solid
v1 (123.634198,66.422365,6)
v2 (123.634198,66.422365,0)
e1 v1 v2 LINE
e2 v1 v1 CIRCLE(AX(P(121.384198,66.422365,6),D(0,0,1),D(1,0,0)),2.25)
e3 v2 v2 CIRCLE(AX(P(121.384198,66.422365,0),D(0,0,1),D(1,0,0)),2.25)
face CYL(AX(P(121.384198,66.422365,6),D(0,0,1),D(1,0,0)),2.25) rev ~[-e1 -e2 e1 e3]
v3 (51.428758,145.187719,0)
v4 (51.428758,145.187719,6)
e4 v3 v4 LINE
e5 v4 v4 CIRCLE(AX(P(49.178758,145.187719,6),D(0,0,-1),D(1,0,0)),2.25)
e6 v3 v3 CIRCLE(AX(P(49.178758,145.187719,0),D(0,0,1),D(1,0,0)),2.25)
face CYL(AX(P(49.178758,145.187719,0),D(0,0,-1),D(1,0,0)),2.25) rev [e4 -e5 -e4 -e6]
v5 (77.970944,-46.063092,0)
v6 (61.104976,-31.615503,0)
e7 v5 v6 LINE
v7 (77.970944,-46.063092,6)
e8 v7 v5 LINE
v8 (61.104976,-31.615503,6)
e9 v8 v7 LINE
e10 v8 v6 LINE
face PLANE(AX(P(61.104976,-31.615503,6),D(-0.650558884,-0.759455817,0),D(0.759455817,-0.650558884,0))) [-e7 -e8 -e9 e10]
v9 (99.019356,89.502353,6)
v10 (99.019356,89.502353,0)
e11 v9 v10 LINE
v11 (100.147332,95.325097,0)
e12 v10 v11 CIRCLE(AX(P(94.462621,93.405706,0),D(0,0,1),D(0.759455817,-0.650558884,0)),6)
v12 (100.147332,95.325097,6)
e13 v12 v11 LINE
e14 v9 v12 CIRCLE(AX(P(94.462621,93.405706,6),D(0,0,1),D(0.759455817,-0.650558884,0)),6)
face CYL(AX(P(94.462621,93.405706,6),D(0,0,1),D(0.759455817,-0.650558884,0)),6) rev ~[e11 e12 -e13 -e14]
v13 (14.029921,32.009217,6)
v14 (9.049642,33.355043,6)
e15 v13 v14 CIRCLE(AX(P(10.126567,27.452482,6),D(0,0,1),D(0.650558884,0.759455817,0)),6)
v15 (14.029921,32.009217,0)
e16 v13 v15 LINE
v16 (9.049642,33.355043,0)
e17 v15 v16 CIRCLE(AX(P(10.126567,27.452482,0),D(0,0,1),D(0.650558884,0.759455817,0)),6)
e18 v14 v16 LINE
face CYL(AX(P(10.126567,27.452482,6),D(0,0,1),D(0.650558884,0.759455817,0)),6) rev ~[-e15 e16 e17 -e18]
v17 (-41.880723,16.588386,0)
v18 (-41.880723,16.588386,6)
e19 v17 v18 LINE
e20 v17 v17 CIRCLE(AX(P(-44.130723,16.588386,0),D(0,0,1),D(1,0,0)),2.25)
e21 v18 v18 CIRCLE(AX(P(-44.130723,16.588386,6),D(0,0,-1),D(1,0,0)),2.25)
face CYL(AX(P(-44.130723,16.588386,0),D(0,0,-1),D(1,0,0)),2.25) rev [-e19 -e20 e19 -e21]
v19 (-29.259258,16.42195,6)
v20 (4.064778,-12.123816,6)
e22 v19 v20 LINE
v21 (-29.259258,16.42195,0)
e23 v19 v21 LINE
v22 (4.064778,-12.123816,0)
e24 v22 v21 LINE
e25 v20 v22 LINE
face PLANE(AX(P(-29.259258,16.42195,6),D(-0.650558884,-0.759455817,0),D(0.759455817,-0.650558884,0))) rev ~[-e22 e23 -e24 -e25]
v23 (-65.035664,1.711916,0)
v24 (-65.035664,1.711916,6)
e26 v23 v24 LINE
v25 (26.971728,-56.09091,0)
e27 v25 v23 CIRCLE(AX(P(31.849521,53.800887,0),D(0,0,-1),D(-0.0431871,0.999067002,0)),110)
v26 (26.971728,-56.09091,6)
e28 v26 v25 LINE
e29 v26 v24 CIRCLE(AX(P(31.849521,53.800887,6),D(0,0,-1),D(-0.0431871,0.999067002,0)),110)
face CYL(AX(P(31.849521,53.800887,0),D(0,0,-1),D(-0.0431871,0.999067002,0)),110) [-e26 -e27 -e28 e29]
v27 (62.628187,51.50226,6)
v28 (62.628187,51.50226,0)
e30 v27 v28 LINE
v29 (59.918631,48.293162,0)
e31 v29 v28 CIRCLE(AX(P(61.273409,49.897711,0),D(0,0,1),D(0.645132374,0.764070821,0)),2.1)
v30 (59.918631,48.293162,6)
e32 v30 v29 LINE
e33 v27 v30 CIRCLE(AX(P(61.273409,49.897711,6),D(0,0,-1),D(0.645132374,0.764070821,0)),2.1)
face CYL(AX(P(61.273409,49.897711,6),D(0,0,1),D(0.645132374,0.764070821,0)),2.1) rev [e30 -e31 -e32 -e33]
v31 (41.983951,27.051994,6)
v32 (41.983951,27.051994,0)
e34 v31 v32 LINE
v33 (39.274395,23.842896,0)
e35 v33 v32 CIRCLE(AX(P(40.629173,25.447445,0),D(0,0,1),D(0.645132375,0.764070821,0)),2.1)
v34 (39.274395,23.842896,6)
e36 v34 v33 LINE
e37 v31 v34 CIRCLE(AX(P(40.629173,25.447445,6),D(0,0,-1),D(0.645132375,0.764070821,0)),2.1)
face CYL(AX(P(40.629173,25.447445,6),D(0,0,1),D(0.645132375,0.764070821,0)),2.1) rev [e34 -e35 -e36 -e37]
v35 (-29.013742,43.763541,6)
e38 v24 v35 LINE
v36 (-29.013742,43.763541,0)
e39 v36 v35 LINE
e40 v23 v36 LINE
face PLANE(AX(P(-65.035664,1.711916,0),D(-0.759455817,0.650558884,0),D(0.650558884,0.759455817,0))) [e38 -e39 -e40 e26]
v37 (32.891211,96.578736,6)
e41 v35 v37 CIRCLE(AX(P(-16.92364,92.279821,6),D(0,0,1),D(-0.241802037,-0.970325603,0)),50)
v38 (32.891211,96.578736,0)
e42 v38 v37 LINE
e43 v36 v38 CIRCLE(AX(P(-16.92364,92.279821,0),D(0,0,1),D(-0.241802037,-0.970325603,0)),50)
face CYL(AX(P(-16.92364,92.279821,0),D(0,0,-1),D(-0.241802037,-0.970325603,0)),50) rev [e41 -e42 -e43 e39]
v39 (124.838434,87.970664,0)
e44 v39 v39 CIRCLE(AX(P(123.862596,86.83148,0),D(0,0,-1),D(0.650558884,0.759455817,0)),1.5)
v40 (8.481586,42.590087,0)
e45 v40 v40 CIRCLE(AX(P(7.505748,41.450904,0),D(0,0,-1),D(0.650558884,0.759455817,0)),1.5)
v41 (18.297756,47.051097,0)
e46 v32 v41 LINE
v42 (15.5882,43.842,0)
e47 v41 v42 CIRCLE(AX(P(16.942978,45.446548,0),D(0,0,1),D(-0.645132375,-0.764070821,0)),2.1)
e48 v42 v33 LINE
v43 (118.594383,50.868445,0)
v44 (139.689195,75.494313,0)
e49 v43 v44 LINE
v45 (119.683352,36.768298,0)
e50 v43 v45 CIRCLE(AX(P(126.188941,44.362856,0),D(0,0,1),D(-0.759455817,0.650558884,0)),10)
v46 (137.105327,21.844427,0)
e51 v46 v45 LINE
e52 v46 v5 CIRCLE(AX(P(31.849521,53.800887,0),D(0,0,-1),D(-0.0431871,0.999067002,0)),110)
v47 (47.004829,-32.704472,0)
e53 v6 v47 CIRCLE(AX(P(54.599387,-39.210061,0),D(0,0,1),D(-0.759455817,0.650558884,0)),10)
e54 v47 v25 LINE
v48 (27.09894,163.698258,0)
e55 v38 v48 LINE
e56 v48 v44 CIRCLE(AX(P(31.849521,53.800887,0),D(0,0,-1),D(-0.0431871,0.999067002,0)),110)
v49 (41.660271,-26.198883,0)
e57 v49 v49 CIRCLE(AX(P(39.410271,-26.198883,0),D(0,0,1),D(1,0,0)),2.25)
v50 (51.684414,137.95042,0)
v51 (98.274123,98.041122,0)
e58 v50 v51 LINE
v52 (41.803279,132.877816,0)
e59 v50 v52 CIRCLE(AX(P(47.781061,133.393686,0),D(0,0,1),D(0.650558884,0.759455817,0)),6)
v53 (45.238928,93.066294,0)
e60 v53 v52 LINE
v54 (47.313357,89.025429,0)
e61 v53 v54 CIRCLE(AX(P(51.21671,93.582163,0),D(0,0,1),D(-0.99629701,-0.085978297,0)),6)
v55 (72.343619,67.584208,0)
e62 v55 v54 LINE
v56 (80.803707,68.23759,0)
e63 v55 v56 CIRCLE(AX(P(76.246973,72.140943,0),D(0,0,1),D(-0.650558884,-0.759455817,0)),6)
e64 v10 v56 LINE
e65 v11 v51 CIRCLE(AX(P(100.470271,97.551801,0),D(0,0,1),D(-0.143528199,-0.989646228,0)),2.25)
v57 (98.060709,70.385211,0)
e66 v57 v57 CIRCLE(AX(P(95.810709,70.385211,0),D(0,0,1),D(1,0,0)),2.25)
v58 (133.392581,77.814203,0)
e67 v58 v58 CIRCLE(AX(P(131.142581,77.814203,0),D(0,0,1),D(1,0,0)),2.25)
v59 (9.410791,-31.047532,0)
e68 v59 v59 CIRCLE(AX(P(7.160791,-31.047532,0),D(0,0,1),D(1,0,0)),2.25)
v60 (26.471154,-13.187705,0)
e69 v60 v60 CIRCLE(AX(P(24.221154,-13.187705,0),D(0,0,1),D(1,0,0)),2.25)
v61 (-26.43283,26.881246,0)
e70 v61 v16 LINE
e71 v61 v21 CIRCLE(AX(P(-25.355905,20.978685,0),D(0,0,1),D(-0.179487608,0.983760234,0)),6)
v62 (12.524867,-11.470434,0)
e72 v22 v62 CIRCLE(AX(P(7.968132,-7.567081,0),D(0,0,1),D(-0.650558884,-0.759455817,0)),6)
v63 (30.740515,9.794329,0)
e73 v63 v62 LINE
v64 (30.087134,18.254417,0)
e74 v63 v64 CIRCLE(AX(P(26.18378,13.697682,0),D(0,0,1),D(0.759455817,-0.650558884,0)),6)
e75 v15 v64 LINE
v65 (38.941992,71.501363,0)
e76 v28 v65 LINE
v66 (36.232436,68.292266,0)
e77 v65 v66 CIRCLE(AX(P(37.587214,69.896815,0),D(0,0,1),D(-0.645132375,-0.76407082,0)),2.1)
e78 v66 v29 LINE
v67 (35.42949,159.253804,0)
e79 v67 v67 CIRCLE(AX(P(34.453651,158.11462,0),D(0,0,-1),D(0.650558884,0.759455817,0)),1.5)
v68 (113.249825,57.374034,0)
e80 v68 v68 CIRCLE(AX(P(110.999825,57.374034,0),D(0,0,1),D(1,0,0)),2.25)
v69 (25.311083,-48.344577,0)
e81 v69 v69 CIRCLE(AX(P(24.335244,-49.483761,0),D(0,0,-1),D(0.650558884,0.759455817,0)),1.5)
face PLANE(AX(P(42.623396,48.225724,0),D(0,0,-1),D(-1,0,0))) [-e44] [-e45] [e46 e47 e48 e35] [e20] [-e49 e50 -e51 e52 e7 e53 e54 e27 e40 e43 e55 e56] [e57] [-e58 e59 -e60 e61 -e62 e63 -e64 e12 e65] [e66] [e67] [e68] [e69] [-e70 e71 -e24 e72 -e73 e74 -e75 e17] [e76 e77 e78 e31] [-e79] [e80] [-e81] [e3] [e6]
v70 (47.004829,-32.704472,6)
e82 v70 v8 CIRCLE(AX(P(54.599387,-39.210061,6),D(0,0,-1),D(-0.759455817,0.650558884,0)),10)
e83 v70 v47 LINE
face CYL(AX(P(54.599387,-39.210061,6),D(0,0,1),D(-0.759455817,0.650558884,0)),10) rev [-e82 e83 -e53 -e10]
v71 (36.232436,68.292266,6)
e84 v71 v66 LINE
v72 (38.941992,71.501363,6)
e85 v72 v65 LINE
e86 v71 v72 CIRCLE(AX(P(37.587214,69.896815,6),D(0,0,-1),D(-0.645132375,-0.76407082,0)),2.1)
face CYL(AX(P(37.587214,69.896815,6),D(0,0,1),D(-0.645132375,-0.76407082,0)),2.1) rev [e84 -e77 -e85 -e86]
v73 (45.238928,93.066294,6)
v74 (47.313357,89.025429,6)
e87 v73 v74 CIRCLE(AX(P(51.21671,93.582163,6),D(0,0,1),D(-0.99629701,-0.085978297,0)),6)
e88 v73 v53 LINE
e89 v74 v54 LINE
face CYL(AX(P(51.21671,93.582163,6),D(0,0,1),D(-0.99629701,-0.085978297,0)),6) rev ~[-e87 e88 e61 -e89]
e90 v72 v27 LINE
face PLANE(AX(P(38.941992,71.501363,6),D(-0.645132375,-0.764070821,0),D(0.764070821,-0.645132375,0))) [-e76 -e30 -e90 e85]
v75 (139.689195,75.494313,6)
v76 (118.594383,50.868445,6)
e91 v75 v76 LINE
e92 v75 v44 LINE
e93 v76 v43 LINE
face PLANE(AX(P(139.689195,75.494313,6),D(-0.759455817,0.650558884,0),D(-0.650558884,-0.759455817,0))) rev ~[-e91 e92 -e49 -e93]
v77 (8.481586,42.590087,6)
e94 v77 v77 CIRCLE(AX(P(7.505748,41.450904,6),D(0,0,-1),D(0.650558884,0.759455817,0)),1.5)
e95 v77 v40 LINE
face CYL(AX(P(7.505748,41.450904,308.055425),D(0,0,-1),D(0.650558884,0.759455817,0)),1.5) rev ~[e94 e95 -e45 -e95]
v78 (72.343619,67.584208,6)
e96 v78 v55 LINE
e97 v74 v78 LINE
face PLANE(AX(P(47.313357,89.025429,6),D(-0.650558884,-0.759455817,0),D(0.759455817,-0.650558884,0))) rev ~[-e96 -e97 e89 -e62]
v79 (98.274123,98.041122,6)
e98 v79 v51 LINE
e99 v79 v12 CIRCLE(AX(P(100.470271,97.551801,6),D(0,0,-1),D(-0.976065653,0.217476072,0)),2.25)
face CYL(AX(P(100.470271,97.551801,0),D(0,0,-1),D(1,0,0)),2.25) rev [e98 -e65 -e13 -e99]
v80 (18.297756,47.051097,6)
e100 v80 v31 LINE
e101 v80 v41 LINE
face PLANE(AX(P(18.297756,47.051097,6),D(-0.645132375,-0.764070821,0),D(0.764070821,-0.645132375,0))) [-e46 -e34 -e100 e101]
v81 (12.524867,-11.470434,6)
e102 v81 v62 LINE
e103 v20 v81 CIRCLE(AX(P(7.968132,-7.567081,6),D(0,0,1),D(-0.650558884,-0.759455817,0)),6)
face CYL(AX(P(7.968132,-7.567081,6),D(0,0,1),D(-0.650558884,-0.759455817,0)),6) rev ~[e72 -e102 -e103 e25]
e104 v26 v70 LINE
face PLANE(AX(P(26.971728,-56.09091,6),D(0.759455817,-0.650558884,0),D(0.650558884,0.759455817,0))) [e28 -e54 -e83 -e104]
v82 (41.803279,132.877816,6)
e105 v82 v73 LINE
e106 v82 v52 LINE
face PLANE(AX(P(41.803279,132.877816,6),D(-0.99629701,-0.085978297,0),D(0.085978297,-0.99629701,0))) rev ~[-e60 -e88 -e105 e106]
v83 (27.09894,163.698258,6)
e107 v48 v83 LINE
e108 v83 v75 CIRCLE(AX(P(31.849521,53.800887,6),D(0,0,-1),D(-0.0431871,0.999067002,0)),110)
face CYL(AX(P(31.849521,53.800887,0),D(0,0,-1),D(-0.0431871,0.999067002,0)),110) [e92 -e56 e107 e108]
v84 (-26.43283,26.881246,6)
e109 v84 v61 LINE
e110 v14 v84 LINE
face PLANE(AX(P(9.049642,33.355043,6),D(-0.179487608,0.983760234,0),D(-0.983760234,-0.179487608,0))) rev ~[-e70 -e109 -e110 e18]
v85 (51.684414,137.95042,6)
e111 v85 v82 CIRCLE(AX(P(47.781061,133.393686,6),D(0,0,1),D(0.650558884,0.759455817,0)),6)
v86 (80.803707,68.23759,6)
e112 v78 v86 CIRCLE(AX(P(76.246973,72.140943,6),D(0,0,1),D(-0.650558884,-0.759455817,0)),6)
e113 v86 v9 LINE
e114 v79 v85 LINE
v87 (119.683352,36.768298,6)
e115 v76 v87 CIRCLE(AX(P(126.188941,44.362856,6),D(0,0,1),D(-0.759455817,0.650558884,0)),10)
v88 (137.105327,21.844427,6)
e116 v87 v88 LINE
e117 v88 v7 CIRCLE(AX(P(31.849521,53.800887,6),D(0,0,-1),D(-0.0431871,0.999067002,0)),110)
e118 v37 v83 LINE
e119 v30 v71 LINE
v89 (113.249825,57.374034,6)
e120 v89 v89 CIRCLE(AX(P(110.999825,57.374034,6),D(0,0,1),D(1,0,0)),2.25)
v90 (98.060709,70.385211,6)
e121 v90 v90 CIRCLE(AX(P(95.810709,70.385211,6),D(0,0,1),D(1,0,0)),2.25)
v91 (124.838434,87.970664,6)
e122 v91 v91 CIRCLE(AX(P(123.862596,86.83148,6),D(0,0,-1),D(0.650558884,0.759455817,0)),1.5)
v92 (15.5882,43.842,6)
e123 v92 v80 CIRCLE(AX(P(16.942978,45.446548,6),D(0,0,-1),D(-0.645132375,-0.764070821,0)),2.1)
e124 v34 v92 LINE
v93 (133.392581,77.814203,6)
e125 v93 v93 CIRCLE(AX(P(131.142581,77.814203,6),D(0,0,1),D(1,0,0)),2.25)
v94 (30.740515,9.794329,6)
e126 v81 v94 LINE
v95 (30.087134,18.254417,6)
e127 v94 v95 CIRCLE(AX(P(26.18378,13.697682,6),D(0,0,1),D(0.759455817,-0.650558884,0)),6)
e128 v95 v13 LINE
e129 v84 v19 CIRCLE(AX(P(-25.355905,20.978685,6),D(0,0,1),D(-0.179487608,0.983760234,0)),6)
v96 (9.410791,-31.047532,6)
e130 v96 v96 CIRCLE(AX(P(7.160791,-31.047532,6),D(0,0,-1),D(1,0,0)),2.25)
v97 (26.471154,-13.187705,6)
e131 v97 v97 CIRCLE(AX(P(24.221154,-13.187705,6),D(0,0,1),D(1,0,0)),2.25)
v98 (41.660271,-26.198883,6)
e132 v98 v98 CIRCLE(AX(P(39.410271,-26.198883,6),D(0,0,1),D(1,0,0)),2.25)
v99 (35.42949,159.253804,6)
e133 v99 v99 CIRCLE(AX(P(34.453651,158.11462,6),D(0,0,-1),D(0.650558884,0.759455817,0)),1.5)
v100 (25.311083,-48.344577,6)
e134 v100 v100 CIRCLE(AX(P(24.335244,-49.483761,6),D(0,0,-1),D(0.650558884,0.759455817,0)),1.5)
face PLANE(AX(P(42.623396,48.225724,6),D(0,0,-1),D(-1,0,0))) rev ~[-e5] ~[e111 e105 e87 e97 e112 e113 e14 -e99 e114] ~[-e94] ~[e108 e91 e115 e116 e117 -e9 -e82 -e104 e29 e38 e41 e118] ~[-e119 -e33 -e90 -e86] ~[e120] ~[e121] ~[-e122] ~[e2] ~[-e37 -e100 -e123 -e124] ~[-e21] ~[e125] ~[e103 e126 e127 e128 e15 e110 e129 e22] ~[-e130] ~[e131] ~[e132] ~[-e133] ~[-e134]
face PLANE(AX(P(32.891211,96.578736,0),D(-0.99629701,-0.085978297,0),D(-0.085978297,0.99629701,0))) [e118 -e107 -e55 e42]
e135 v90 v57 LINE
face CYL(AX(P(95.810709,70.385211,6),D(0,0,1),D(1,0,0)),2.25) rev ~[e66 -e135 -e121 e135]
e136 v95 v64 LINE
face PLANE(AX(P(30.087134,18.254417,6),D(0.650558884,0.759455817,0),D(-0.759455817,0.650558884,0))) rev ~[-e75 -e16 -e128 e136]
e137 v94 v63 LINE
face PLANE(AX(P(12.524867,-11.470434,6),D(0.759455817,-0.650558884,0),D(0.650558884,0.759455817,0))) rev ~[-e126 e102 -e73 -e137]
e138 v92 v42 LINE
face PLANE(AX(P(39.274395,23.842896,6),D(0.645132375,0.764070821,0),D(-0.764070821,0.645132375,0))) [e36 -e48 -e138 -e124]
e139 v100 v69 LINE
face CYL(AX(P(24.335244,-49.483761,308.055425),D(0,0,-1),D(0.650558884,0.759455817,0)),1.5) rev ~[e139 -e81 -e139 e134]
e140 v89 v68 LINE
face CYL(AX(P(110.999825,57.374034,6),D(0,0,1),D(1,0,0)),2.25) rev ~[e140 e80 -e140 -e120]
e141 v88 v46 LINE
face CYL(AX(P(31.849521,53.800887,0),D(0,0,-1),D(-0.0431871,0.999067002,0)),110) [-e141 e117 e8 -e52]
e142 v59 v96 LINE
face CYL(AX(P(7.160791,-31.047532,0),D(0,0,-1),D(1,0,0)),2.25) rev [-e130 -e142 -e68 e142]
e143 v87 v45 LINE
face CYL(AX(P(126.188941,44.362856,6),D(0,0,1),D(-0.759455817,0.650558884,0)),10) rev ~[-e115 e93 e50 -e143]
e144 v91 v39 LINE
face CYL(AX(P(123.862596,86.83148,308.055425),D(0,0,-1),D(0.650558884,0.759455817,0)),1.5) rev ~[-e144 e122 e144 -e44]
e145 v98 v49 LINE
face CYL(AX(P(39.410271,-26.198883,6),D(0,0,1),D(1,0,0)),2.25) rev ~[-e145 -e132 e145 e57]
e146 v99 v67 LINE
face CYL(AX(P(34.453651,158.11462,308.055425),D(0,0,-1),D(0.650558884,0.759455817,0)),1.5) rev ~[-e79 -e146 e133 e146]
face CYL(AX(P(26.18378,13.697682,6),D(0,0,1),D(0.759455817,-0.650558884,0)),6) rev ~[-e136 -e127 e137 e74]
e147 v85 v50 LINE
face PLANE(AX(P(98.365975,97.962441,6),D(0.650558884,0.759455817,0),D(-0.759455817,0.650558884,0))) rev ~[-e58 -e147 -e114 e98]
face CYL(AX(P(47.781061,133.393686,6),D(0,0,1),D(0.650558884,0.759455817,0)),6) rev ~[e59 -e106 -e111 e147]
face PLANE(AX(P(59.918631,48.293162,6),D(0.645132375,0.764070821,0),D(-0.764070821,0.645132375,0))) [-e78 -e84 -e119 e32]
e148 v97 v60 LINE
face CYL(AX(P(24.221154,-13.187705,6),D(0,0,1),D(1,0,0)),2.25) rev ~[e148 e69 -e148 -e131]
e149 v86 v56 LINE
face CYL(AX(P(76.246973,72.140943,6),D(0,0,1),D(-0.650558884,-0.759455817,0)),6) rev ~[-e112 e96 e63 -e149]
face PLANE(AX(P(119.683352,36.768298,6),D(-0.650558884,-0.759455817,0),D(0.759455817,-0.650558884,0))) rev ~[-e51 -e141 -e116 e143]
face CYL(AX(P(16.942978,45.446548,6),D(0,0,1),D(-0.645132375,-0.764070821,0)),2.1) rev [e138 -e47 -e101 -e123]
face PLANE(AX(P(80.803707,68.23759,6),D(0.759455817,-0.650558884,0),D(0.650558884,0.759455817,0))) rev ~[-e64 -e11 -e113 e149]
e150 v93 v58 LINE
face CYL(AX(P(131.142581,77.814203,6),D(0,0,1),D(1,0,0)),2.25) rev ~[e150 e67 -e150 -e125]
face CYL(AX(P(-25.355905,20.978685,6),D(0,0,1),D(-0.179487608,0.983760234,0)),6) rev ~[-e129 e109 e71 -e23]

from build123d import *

# Parameters (mm, degrees)
SKETCH1_R                     = 2.25
BOSS_EXTRUDE1_DEPTH           = 6
CUT_EXTRUDE1_DEPTH            = 10
F_4_5_4_5_DIAMETER_HOLE_D     = 4.5
F_4_5_4_5_DIAMETER_HOLE_DEPTH = 10
F_4_5_4_5_DIAMETER_HOLE_TIP   = 1.351936393
F_3_0MM_DOWEL_HOLE1_D         = 3
SKETCH7_R                     = 2.25
CUT_EXTRUDE2_DEPTH            = 10


with BuildPart() as part:
    # Sketch1 → Boss-Extrude1 (new body)
    with BuildSketch(Plane.XY):
        with BuildLine():
            Line((-65.035663909, 1.711915541), (-29.013741643, 43.763540838))
            ThreePointArc((-29.013741643, 43.763540838), (15.528638553, 54.242344325), (32.891210702, 96.578735816))
            Line((32.891210702, 96.578735816), (27.09893981, 163.698257544))
            ThreePointArc((27.09893981, 163.698257544), (127.465162664, -0.583384595), (-65.035663909, 1.711915541))
        make_face()
        with Locations((-44.130722543, 16.588386381)):
            Circle(SKETCH1_R, mode=Mode.SUBTRACT)
        with Locations((7.160790579, -31.047531597)):
            Circle(SKETCH1_R, mode=Mode.SUBTRACT)
        with Locations((100.470270724, 97.551800763)):
            Circle(SKETCH1_R, mode=Mode.SUBTRACT)
        with Locations((49.178757602, 145.187718741)):
            Circle(SKETCH1_R, mode=Mode.SUBTRACT)
    extrude(amount=BOSS_EXTRUDE1_DEPTH)

    # Sketch2 → Cut-Extrude1 (cut)
    with BuildSketch(Plane.XY.offset(6)):
        with BuildLine():
            Line((59.918631336, 48.293162369), (36.232435894, 68.292265986))
            ThreePointArc((36.232435894, 68.292265986), (35.982665158, 71.251592696), (38.941991868, 71.501363433))
            Line((38.941991868, 71.501363433), (62.62818731, 51.502259816))
            ThreePointArc((62.62818731, 51.502259816), (62.877958047, 48.542933105), (59.918631336, 48.293162369))
        make_face()
        with BuildLine():
            Line((39.274395345, 23.842896106), (15.588199903, 43.841999723))
            ThreePointArc((15.588199903, 43.841999723), (15.338429166, 46.801326433), (18.297755877, 47.05109717))
            Line((18.297755877, 47.05109717), (41.983951319, 27.051993553))
            ThreePointArc((41.983951319, 27.051993553), (42.233722055, 24.092666842), (39.274395345, 23.842896106))
        make_face()
    extrude(amount=-CUT_EXTRUDE1_DEPTH, mode=Mode.SUBTRACT)

    # Ø4.5 (4.5) Diameter Hole
    with Locations(Plane(origin=(207.215806152, -96.41995806, 6), x_dir=(-0.650558884, -0.759455817, 0), z_dir=(0, 0, 1))):
        with Locations((80.500098125, -194.461558154), (77.690872648, -264.405165812), (-80.677949684, -277.202176468), (-77.868724207, -207.25856881)):
            Hole(F_4_5_4_5_DIAMETER_HOLE_D / 2, depth=F_4_5_4_5_DIAMETER_HOLE_DEPTH)
            with Locations((0, 0, -(F_4_5_4_5_DIAMETER_HOLE_DEPTH + F_4_5_4_5_DIAMETER_HOLE_TIP / 2))):  # 118° drill point
                Cone(0, F_4_5_4_5_DIAMETER_HOLE_D / 2, F_4_5_4_5_DIAMETER_HOLE_TIP, mode=Mode.SUBTRACT)

    # Ø3.0mm Dowel Hole1 (through all)
    with Locations(Plane(origin=(207.215806152, -96.41995806, 6), x_dir=(-0.650558884, -0.759455817, 0), z_dir=(0, 0, 1))):
        with Locations((-80.915811264, -296.794954316), (-84.945199209, -182.518931257), (25.216324899, -241.36407945), (83.328606401, -169.42446636)):
            Hole(F_3_0MM_DOWEL_HOLE1_D / 2)

    # Sketch7 → Cut-Extrude2 (cut)
    with BuildSketch(Plane.XY.offset(6)):
        with Locations((39.410270698, -26.198883172)):
            Circle(SKETCH7_R)
        with Locations((110.999824953, 57.374033532)):
            Circle(SKETCH7_R)
        with Locations((24.221154353, -13.187705491)):
            Circle(SKETCH7_R)
        with Locations((95.810708608, 70.385211214)):
            Circle(SKETCH7_R)
        with Locations((121.384198104, 66.422365269)):
            Circle(SKETCH7_R)
        with Locations((131.142581365, 77.814202528)):
            Circle(SKETCH7_R)
        with BuildLine():
            Line((41.803278926, 132.877815745), (45.238927964, 93.066293708))
            ThreePointArc((45.238927964, 93.066293708), (45.878980474, 90.841973124), (47.31335672, 89.025428586))
            Line((47.31335672, 89.025428586), (72.343619279, 67.584208031))
            ThreePointArc((72.343619279, 67.584208031), (76.708983142, 66.158757194), (80.803707486, 68.23758963))
            Line((80.803707486, 68.23758963), (99.019356241, 89.502352513))
            ThreePointArc((99.019356241, 89.502352513), (100.444807079, 93.867716376), (98.365974642, 97.962440721))
            Line((98.365974642, 97.962440721), (51.684414291, 137.95042043))
            ThreePointArc((51.684414291, 137.95042043), (45.040870621, 138.731415078), (41.803278926, 132.877815745))
        make_face()
        with BuildLine():
            Line((139.689194778, 75.494313025), (118.594383125, 50.868444691))
            ThreePointArc((118.594383125, 50.868444691), (116.218631729, 43.592838252), (119.683352457, 36.768297678))
            Line((119.683352457, 36.768297678), (137.105326674, 21.84442739))
            Line((137.105326674, 21.84442739), (157.179168696, 45.278426173))
            Line((157.179168696, 45.278426173), (139.689194778, 75.494313025))
        make_face()
        with BuildLine():
            Line((26.971727927, -56.090910074), (47.00482887, -32.704472013))
            ThreePointArc((47.00482887, -32.704472013), (53.829369443, -29.239751286), (61.104975883, -31.615502682))
            Line((61.104975883, -31.615502682), (77.970944185, -46.063091691))
            Line((77.970944185, -46.063091691), (19.420644617, -114.414115242))
            Line((19.420644617, -114.414115242), (26.971727927, -56.090910074))
        make_face()
        with BuildLine():
            Line((30.087133776, 18.254417116), (14.029920526, 32.00921693))
            ThreePointArc((14.029920526, 32.00921693), (11.691810194, 33.244719456), (9.049641571, 33.355043432))
            Line((9.049641571, 33.355043432), (-26.432830213, 26.881246485))
            ThreePointArc((-26.432830213, 26.881246485), (-31.148141992, 22.543928053), (-29.259257867, 16.421950176))
            Line((-29.259257867, 16.421950176), (4.064778412, -12.123815573))
            ThreePointArc((4.064778412, -12.123815573), (8.430142276, -13.549266411), (12.52486662, -11.470433974))
            Line((12.52486662, -11.470433974), (30.740515375, 9.794328908))
            ThreePointArc((30.740515375, 9.794328908), (32.165966213, 14.159692772), (30.087133776, 18.254417116))
        make_face()
    extrude(amount=-CUT_EXTRUDE2_DEPTH, mode=Mode.SUBTRACT)


solid = part.part
